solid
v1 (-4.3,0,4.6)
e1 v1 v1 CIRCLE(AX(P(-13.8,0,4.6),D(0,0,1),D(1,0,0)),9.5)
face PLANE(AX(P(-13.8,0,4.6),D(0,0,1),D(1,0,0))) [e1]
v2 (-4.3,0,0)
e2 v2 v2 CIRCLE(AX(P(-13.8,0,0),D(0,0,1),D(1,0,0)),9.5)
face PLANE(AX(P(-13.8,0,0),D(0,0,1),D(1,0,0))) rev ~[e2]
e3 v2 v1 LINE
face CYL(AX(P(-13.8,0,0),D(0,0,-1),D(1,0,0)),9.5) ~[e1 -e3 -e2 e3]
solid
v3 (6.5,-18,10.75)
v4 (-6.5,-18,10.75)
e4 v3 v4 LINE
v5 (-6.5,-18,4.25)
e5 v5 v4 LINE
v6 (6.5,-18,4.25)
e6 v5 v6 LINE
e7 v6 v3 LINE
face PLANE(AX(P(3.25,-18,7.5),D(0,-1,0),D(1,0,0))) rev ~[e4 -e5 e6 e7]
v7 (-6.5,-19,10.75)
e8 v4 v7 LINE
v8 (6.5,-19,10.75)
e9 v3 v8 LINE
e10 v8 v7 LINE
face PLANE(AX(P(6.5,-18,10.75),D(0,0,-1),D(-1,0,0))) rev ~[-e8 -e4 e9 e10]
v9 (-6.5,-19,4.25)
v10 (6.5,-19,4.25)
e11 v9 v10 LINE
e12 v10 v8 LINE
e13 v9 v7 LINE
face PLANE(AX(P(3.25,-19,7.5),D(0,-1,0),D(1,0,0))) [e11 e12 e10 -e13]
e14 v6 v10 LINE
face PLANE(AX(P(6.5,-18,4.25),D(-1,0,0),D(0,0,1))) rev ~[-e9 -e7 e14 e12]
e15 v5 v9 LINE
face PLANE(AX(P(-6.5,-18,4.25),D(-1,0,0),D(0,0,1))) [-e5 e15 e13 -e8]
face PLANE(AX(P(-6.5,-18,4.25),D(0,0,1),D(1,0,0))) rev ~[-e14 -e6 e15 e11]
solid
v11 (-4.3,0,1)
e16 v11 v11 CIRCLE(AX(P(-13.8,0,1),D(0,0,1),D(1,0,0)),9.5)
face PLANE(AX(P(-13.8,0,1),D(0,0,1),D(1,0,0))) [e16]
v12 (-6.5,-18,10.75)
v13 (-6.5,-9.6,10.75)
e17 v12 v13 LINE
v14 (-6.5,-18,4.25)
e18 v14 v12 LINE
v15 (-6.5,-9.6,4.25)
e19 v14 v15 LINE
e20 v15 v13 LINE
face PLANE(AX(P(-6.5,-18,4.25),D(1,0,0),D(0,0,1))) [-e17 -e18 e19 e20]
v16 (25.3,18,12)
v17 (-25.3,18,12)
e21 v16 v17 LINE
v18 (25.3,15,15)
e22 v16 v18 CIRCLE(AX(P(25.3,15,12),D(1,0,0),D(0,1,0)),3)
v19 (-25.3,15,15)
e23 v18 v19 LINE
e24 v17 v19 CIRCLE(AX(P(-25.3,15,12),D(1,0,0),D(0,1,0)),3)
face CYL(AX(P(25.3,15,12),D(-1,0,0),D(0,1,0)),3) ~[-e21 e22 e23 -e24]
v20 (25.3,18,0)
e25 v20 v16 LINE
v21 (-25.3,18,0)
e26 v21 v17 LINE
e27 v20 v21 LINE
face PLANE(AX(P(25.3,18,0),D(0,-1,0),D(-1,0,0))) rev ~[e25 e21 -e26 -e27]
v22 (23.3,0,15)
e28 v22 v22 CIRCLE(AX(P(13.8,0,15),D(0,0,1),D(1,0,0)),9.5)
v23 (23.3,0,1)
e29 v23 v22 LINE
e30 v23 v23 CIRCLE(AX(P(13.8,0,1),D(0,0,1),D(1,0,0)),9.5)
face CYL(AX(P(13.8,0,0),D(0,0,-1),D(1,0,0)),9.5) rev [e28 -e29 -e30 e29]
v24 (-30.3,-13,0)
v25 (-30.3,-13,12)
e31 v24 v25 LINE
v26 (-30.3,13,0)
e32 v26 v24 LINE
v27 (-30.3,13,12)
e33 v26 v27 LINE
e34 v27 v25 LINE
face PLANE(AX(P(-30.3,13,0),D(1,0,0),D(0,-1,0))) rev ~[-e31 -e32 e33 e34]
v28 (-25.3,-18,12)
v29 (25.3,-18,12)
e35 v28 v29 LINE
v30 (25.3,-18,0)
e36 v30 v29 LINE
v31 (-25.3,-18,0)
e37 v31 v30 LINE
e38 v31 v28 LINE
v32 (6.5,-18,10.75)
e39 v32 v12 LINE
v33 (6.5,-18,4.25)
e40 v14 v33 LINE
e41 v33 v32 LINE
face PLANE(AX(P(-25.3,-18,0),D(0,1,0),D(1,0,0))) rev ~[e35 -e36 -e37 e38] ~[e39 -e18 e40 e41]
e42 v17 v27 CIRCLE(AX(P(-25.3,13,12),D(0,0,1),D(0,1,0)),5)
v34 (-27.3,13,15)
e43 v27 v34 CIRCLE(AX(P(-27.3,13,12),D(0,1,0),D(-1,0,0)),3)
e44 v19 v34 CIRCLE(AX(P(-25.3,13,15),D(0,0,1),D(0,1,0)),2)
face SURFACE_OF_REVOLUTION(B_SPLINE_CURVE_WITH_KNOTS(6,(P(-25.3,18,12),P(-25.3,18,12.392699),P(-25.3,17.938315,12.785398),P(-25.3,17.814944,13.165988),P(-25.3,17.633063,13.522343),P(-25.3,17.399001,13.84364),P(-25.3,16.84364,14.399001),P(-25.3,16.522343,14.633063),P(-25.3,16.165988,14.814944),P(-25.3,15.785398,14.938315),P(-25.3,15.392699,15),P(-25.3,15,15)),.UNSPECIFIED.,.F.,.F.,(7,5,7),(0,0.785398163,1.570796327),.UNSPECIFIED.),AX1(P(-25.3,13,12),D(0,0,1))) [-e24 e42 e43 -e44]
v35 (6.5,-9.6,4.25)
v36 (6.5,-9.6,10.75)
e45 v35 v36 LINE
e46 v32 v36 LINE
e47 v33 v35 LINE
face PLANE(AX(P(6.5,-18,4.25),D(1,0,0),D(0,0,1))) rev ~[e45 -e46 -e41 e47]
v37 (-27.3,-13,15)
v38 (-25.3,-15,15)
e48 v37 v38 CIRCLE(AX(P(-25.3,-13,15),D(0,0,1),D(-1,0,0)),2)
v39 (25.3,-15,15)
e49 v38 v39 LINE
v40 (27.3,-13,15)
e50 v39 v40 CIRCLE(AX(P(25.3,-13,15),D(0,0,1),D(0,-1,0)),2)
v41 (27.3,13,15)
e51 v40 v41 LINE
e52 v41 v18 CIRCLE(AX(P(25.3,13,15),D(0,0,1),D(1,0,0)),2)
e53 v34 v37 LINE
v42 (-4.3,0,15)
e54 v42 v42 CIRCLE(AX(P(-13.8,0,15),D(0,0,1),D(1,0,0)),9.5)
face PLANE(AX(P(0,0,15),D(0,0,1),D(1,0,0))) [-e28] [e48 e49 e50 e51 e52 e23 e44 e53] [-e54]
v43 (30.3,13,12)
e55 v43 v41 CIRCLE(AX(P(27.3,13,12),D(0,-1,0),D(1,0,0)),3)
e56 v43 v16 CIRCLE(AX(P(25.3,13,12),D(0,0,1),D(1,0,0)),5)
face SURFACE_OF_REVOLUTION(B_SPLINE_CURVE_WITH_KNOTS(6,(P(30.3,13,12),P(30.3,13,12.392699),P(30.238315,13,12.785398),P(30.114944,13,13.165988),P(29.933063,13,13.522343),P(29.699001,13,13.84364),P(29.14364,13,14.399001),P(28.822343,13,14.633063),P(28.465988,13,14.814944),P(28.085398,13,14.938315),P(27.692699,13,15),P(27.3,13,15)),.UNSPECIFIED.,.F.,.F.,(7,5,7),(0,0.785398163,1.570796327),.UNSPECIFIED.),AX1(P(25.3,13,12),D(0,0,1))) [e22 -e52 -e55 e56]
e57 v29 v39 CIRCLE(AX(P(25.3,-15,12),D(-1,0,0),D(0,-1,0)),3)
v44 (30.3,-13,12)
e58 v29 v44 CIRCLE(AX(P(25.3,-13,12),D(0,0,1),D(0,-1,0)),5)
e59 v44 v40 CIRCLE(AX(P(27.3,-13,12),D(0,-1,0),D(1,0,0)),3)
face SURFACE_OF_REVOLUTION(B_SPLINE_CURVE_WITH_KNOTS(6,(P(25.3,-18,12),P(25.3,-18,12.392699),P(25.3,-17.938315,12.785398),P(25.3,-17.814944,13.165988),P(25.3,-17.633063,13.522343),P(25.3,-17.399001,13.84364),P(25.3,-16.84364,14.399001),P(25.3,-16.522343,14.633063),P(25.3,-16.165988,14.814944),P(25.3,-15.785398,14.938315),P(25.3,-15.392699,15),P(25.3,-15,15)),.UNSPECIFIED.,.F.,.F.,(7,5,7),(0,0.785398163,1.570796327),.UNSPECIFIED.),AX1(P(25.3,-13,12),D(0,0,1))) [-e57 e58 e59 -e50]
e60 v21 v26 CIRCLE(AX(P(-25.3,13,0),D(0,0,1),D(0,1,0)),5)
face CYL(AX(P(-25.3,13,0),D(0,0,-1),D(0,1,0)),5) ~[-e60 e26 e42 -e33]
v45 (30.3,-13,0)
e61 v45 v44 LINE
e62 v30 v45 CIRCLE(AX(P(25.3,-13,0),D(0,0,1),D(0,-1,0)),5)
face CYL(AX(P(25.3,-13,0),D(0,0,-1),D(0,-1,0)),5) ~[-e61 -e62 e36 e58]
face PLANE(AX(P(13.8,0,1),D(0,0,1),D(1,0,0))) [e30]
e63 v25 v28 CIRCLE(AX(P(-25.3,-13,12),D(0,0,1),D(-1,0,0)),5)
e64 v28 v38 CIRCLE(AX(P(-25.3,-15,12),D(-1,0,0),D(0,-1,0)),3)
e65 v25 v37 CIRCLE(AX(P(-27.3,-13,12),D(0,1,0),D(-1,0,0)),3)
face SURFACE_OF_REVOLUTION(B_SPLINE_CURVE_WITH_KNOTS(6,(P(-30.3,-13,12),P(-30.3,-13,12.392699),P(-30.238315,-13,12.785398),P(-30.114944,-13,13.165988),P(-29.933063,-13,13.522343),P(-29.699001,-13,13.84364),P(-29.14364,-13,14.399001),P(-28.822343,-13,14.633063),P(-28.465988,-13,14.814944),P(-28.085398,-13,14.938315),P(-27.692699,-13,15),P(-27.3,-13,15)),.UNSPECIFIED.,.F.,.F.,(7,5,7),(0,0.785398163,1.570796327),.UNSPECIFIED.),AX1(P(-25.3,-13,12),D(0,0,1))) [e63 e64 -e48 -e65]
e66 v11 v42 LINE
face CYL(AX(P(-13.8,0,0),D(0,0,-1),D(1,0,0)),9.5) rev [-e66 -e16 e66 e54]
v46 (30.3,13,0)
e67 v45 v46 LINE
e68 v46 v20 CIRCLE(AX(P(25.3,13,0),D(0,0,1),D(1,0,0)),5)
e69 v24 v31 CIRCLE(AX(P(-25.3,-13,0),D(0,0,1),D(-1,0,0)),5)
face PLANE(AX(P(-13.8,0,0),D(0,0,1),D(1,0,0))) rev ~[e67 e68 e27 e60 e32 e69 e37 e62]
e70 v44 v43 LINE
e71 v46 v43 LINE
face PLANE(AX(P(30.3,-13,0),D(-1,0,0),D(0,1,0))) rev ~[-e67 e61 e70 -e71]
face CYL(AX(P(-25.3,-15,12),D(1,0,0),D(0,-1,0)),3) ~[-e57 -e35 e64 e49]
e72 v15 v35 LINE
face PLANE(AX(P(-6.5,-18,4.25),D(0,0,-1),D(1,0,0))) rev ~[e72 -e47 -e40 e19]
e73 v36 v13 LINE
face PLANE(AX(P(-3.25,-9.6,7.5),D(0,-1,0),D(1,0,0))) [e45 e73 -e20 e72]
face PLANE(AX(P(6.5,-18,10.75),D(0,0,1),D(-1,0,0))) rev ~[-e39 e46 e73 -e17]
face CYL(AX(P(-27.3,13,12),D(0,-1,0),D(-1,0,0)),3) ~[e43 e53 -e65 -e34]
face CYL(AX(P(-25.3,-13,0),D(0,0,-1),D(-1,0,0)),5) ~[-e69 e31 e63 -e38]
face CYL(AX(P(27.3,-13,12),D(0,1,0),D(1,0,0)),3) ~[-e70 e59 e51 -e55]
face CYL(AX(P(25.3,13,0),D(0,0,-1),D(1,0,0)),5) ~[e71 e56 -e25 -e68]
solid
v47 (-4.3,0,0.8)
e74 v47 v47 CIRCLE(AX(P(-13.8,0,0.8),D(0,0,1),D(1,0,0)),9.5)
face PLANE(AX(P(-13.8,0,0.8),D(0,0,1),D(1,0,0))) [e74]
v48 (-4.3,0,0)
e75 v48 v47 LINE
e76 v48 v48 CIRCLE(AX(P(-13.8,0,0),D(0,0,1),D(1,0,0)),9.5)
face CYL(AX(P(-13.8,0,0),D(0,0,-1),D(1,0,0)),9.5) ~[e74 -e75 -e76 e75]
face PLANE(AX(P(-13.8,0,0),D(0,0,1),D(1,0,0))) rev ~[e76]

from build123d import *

# Parameters (mm, degrees)
F0_R     = 9.5
F1_DEPTH = 15
F2_DEPTH = 1
F3_W     = 6.5
F3_H     = 6.5
F4_DEPTH = 8.4
F5_R     = 3
F6_DEPTH = 0.8
F7_DEPTH = 1
F8_DEPTH = 4.6


with BuildPart() as f1:
    # F0 (on Top) → F1 (new body)
    with BuildSketch(Plane.XY):
        with BuildLine():
            Line((25.3, 18), (-25.3, 18))
            ThreePointArc((-25.3, 18), (-28.8355339059, 16.5355339059), (-30.3, 13))
            Line((-30.3, 13), (-30.3, -13))
            ThreePointArc((-30.3, -13), (-28.8355339059, -16.5355339059), (-25.3, -18))
            Line((-25.3, -18), (25.3, -18))
            ThreePointArc((25.3, -18), (28.8355339059, -16.5355339059), (30.3, -13))
            Line((30.3, -13), (30.3, 13))
            ThreePointArc((30.3, 13), (28.8355339059, 16.5355339059), (25.3, 18))
        make_face()
        with BuildLine():
            ThreePointArc((-28.3, 11), (-26.8355339059, 14.5355339059), (-23.3, 16))
            Line((-23.3, 16), (23.3, 16))
            ThreePointArc((23.3, 16), (26.8355339059, 14.5355339059), (28.3, 11))
            Line((28.3, 11), (28.3, -11))
            ThreePointArc((28.3, -11), (26.8355339059, -14.5355339059), (23.3, -16))
            Line((23.3, -16), (-23.3, -16))
            ThreePointArc((-23.3, -16), (-26.8355339059, -14.5355339059), (-28.3, -11))
            Line((-28.3, -11), (-28.3, 11))
        make_face(mode=Mode.SUBTRACT)
        with BuildLine():
            Line((23.3, 16), (-23.3, 16))
            ThreePointArc((-23.3, 16), (-26.8355339059, 14.5355339059), (-28.3, 11))
            Line((-28.3, 11), (-28.3, -11))
            ThreePointArc((-28.3, -11), (-26.8355339059, -14.5355339059), (-23.3, -16))
            Line((-23.3, -16), (23.3, -16))
            ThreePointArc((23.3, -16), (26.8355339059, -14.5355339059), (28.3, -11))
            Line((28.3, -11), (28.3, 11))
            ThreePointArc((28.3, 11), (26.8355339059, 14.5355339059), (23.3, 16))
        make_face()
        with Locations((-13.8, 0)):
            Circle(F0_R, mode=Mode.SUBTRACT)
        with Locations((13.8, 0)):
            Circle(F0_R, mode=Mode.SUBTRACT)
    extrude(amount=F1_DEPTH)

    # F0 (on Top) → F2 (join)
    with BuildSketch(Plane.XY):
        with Locations((-13.8, 0)):
            Circle(F0_R)
        with Locations((13.8, 0)):
            Circle(F0_R)
    extrude(amount=F2_DEPTH)

    # F3 (on face) → F4 (cut)
    with BuildSketch(Plane.XZ.offset(18)):
        with Locations((-3.25, 7.5)):
            Rectangle(F3_W, F3_H)
        with Locations((3.25, 7.5)):
            Rectangle(F3_W, F3_H)
    extrude(amount=-F4_DEPTH, mode=Mode.SUBTRACT)

    # F5
    f5_edges = [f1.edges().sort_by_distance(p)[0] for p in [
        (0, -18, 15),
    ]]
    fillet(f5_edges, radius=F5_R)


with BuildPart() as f6:
    # F0 (on Top) → F6 (new body)
    with BuildSketch(Plane.XY):
        with Locations((-13.8, 0)):
            Circle(F0_R)
    extrude(amount=F6_DEPTH)


with BuildPart() as f7:
    # F3 (on face) → F7 (new body)
    with BuildSketch(Plane.XZ.offset(18)):
        with Locations((3.25, 7.5)):
            Rectangle(F3_W, F3_H)
        with Locations((-3.25, 7.5)):
            Rectangle(F3_W, F3_H)
    extrude(amount=F7_DEPTH)


with BuildPart() as f8:
    # F0 (on Top) → F8 (new body)
    with BuildSketch(Plane.XY):
        with Locations((-13.8, 0)):
            Circle(F0_R)
    extrude(amount=F8_DEPTH)


solid = Compound([f1.part, f6.part, f7.part, f8.part])
